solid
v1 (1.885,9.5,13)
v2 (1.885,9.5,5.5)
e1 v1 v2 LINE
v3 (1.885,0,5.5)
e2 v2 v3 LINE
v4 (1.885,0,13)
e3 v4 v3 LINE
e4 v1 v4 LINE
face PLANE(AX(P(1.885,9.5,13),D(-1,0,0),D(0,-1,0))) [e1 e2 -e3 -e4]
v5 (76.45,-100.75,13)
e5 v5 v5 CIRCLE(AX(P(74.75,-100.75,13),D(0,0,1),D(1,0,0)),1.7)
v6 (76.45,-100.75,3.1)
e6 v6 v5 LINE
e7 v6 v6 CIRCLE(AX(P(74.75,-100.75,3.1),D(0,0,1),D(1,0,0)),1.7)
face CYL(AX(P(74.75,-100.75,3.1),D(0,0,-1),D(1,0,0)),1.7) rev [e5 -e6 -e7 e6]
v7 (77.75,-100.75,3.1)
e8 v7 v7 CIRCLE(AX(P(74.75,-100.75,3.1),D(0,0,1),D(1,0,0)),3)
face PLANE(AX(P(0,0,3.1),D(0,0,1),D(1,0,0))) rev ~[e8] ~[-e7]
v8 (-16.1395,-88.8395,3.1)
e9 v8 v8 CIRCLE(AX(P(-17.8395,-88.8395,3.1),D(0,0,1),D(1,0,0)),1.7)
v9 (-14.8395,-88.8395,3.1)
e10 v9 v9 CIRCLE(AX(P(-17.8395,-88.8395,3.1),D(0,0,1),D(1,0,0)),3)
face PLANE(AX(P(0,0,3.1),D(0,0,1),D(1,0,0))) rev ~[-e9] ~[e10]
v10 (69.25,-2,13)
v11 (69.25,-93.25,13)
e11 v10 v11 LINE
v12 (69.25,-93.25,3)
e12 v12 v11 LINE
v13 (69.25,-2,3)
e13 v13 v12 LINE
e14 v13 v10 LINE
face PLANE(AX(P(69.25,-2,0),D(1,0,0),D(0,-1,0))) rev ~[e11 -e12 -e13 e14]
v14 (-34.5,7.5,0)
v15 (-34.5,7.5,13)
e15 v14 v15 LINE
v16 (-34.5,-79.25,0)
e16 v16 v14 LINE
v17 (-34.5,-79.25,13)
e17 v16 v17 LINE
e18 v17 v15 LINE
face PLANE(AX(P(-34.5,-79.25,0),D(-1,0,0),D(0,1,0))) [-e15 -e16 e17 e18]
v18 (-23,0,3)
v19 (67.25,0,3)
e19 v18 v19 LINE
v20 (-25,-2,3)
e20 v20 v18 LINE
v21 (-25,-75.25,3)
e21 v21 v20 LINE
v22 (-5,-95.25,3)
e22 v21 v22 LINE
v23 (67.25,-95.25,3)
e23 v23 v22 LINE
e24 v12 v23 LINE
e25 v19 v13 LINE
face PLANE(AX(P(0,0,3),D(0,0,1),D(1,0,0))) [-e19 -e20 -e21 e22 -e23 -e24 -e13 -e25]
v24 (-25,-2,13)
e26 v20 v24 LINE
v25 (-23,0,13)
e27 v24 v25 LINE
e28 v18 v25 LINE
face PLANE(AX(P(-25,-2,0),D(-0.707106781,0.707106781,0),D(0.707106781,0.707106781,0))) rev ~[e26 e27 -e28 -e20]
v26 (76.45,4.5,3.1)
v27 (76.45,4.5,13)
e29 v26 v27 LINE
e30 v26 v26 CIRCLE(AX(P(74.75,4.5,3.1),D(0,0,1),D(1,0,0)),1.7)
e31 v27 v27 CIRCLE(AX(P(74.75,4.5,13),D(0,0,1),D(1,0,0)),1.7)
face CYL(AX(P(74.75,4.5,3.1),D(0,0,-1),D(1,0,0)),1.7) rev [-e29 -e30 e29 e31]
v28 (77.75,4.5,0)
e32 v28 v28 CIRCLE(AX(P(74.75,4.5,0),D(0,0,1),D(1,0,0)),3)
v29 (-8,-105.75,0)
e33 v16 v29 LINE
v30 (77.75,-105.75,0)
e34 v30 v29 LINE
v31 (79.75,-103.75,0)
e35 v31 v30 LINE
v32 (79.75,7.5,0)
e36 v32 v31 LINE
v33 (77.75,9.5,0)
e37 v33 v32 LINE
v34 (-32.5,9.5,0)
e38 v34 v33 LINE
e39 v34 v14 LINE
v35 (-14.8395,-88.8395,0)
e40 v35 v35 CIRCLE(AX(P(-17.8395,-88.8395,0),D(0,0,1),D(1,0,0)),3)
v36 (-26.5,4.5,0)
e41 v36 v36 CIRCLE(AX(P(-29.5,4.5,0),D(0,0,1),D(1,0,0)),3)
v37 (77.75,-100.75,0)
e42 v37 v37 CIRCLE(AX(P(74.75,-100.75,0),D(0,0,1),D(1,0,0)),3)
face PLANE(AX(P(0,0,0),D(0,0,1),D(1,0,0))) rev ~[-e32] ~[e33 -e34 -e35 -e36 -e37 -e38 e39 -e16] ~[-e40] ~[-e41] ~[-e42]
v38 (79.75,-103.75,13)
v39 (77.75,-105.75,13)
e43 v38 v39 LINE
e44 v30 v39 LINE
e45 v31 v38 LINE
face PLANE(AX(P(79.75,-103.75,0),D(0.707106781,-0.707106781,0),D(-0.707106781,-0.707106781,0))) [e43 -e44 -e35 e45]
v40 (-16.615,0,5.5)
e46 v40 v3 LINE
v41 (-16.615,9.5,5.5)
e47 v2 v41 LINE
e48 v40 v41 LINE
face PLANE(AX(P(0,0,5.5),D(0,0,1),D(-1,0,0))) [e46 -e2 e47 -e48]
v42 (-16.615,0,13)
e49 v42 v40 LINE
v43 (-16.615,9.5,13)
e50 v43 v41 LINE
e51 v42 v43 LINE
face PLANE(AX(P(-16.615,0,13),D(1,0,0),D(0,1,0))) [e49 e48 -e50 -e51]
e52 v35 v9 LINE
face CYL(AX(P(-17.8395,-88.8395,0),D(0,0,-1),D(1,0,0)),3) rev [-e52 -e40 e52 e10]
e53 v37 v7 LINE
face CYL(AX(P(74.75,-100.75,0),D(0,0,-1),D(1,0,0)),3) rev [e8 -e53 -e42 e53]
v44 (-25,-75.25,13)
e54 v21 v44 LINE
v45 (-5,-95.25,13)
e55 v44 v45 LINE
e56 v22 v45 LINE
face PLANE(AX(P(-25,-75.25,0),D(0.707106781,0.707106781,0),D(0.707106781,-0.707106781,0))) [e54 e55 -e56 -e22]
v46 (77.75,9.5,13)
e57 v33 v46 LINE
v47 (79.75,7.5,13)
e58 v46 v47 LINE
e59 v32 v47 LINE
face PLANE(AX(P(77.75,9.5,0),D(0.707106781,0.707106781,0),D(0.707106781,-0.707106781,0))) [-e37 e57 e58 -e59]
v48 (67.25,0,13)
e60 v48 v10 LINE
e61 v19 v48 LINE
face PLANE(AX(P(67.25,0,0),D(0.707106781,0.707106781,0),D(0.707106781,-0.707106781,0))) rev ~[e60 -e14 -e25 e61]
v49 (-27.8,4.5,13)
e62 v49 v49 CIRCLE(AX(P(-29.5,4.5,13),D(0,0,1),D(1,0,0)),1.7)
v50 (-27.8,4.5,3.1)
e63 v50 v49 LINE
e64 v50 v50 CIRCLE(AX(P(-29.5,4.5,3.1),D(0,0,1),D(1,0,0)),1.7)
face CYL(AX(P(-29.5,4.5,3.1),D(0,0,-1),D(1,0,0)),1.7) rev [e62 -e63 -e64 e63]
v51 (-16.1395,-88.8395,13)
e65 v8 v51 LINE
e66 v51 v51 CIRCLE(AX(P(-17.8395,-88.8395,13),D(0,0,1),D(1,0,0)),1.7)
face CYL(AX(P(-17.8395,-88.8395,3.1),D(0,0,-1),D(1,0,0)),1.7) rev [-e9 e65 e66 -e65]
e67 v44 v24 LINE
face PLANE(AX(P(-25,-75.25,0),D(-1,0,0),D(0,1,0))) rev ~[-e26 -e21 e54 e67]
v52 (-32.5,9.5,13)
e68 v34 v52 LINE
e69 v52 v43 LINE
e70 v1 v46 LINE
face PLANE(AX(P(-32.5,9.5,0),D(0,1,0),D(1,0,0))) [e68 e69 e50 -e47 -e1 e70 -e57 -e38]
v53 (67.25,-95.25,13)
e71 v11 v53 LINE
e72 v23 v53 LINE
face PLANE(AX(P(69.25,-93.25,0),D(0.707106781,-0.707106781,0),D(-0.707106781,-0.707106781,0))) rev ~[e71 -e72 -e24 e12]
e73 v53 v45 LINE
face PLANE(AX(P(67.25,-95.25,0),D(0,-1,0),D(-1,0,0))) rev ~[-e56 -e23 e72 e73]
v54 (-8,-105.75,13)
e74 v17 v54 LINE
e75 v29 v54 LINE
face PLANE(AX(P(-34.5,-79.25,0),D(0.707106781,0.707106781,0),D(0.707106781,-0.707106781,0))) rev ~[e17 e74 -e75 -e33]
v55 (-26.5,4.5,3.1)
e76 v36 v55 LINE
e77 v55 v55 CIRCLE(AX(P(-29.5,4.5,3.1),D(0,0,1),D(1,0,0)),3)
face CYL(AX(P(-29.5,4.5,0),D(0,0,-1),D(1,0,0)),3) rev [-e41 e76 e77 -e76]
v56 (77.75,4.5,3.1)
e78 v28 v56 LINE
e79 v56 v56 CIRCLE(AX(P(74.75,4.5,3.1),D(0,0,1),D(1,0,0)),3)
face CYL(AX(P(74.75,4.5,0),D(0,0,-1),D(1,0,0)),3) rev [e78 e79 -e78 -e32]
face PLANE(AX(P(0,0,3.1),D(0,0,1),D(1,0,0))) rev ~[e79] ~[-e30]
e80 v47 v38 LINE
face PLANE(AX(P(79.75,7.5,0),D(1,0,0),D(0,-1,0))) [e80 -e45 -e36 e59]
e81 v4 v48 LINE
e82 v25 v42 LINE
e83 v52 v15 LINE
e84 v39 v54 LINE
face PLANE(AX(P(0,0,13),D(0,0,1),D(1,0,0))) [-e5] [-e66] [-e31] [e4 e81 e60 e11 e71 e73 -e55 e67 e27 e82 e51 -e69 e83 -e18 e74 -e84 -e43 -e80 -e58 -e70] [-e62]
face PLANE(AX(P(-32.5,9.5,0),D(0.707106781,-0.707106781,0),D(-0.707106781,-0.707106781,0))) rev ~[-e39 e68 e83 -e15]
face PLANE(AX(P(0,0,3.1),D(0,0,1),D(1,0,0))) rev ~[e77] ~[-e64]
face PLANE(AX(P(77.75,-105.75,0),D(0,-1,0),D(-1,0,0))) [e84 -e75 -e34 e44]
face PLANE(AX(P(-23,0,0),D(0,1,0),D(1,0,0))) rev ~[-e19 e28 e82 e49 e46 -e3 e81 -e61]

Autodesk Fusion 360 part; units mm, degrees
sketch "Sketch1" plane through (0, 0, 0) normal (0, 0, 1) x (1, 0, 0) in component "RadPad"
  line L0 (-23, 0) -> (67.25, 0)
  line L1 (69.25, -2) -> (69.25, -93.25)
  line L2 (67.25, -95.25) -> (-5, -95.25)
  line L3 (-25, -75.25) -> (-25, -2)
  line L4 (-32.5, 9.5) -> (77.75, 9.5)
  line L5 (79.75, 7.5) -> (79.75, -103.75)
  line L6 (77.75, -105.75) -> (-8, -105.75)
  line L7 (-34.5, -79.25) -> (-34.5, 7.5)
  circle A0 centre (-17.8395, -88.8395) radius 1.7
  circle A1 centre (74.75, -100.75) radius 1.7
  circle A2 centre (74.75, 4.5) radius 1.7
  circle A3 centre (-29.5, 4.5) radius 1.7
  circle A4 centre (-29.5, 4.5) radius 3
  circle A5 centre (74.75, 4.5) radius 3
  circle A6 centre (74.75, -100.75) radius 3
  circle A7 centre (-17.8395, -88.8395) radius 3
  line L8 (-25, -75.25) -> (-5, -95.25)
  line L9 (-34.5, -79.25) -> (-8, -105.75)
  line L10 (-32.5, 9.5) -> (-34.5, 7.5)
  line L11 (-25, -2) -> (-23, 0)
  line L12 (67.25, 0) -> (69.25, -2)
  line L13 (69.25, -93.25) -> (67.25, -95.25)
  line L14 (79.75, -103.75) -> (77.75, -105.75)
  line L15 (77.75, 9.5) -> (79.75, 7.5)
  point P0 (-25, 0)
  point P1 (69.25, 0)
  point P2 (69.25, -95.25)
  point P3 (-25, -95.25)
  point P4 (-34.5, 9.5)
  point P5 (79.75, 9.5)
  point P6 (79.75, -105.75)
  point P7 (-34.5, -105.75)
  point P8 (75, -100)
  dimension "d1" = 94.25
  dimension "d2" = 95.25
  dimension "d3" = 114.25
  dimension "d4" = 115.25
  dimension "d5" = 9.5
  dimension "d6" = 9.5
  dimension "d7" = 3.4
  dimension "d8" = 3.4
  dimension "d9" = 3.4
  dimension "d10" = 3.4
  dimension "d11" = 5
  dimension "d12" = 5
  dimension "d15" = 5
  dimension "d16" = 5
  dimension "d17" = 5
  dimension "d18" = 5
  dimension "d19" = 6
  dimension "d20" = 6
  dimension "d21" = 6
  dimension "d22" = 6
  dimension "d23" = 20
  dimension "d24" = 20
  dimension "d25" = 26.5
  dimension "d26" = 26.5
  dimension "d27" = 5
  dimension "d28" = 2
  dimension "d29" = 2
  dimension "d30" = 2
  dimension "d31" = 2
  dimension "d32" = 2
  dimension "d33" = 2
  dimension "d34" = 2
  dimension "d35" = 2
  dimension "d36" = 2
  dimension "d37" = 2
  dimension "d38" = 2
  dimension "d39" = 2
extrude "Extrude1" add sketch "Sketch1" along normal blind 9.9 from surface at 3.1 contours A4 | A5 | A6 | A7 makes body 1 at (75.5625, 7.3879, 9.7) makes body 2 at (77.3099, -99.1857, 9.7) makes body 3 at (-26.5037, 4.3505, 9.7) makes body 4 at (-20.3993, -90.4038, 9.7) in component "RadPad"
extrude "Extrude2" add sketch "Sketch1" along normal blind 13 contours L4 L5 L6 L7 L9 L10 L14 L15 bodies 1 2 3 4 in component "RadPad"
extrude "Extrude3" add sketch "Sketch1" along normal blind 3 contours L0 L1 L2 L3 L8 L11 L12 L13 bodies 1 in component "RadPad"
sketch "Sketch2" plane through (0, 0, 13) normal (0, 0, 1) x (-1, 0, 0) in component "RadPad"
  circle A0 centre (-74.75, -4.5) radius 1.7
  circle A1 centre (17.8395, 88.8395) radius 1.7
  line L0 (5, 95.25) -> (25, 75.25)
  line L1 (25, 75.25) -> (25, 2)
  line L2 (25, 2) -> (23, 0)
  line L3 (23, 0) -> (-67.25, 0)
  line L4 (-67.25, 0) -> (-69.25, 2)
  line L5 (-69.25, 2) -> (-69.25, 93.25)
  line L6 (-69.25, 93.25) -> (-67.25, 95.25)
  line L7 (-67.25, 95.25) -> (5, 95.25)
  line L8 (32.5, -9.5) -> (34.5, -7.5)
  line L9 (34.5, -7.5) -> (34.5, 79.25)
  line L10 (34.5, 79.25) -> (8, 105.75)
  line L11 (8, 105.75) -> (-77.75, 105.75)
  line L12 (-77.75, 105.75) -> (-79.75, 103.75)
  line L13 (-79.75, 103.75) -> (-79.75, -7.5)
  line L14 (-79.75, -7.5) -> (-77.75, -9.5)
  line L15 (-77.75, -9.5) -> (32.5, -9.5)
  circle A2 centre (-74.75, 100.75) radius 1.7
  circle A3 centre (29.5, -4.5) radius 1.7
  line L16 (16.615, -9.5) -> (-1.885, -9.5)
  line L17 (-1.885, -9.5) -> (-1.885, 0)
  line L18 (-1.885, 0) -> (16.615, 0)
  line L19 (16.615, 0) -> (16.615, -9.5)
  line L20 (34.5, 79.25) -> (34.5, -7.5)
  point P0 (25, 0)
  dimension "d47" = 18.5
  dimension "d49" = 17.885
extrude "Extrude4" cut sketch "Sketch2" against normal blind 7.5 contours L3 L15 L16 L17 L18 L19 bodies 1 in component "RadPad"
component "RadPad" placed x (1, 0, 0) y (0, 1, 0) z (0, 0, 1) at (0, 0, 0)
equation "d24 = d23"
equation "d26 = d25"
equation "d29 = d28"
equation "d31 = d30"
equation "d33 = d32"
equation "d35 = d34"
equation "d37 = d36"
equation "d39 = d38"
equation "d49 = 12.135 mm + 5.75 mm"
